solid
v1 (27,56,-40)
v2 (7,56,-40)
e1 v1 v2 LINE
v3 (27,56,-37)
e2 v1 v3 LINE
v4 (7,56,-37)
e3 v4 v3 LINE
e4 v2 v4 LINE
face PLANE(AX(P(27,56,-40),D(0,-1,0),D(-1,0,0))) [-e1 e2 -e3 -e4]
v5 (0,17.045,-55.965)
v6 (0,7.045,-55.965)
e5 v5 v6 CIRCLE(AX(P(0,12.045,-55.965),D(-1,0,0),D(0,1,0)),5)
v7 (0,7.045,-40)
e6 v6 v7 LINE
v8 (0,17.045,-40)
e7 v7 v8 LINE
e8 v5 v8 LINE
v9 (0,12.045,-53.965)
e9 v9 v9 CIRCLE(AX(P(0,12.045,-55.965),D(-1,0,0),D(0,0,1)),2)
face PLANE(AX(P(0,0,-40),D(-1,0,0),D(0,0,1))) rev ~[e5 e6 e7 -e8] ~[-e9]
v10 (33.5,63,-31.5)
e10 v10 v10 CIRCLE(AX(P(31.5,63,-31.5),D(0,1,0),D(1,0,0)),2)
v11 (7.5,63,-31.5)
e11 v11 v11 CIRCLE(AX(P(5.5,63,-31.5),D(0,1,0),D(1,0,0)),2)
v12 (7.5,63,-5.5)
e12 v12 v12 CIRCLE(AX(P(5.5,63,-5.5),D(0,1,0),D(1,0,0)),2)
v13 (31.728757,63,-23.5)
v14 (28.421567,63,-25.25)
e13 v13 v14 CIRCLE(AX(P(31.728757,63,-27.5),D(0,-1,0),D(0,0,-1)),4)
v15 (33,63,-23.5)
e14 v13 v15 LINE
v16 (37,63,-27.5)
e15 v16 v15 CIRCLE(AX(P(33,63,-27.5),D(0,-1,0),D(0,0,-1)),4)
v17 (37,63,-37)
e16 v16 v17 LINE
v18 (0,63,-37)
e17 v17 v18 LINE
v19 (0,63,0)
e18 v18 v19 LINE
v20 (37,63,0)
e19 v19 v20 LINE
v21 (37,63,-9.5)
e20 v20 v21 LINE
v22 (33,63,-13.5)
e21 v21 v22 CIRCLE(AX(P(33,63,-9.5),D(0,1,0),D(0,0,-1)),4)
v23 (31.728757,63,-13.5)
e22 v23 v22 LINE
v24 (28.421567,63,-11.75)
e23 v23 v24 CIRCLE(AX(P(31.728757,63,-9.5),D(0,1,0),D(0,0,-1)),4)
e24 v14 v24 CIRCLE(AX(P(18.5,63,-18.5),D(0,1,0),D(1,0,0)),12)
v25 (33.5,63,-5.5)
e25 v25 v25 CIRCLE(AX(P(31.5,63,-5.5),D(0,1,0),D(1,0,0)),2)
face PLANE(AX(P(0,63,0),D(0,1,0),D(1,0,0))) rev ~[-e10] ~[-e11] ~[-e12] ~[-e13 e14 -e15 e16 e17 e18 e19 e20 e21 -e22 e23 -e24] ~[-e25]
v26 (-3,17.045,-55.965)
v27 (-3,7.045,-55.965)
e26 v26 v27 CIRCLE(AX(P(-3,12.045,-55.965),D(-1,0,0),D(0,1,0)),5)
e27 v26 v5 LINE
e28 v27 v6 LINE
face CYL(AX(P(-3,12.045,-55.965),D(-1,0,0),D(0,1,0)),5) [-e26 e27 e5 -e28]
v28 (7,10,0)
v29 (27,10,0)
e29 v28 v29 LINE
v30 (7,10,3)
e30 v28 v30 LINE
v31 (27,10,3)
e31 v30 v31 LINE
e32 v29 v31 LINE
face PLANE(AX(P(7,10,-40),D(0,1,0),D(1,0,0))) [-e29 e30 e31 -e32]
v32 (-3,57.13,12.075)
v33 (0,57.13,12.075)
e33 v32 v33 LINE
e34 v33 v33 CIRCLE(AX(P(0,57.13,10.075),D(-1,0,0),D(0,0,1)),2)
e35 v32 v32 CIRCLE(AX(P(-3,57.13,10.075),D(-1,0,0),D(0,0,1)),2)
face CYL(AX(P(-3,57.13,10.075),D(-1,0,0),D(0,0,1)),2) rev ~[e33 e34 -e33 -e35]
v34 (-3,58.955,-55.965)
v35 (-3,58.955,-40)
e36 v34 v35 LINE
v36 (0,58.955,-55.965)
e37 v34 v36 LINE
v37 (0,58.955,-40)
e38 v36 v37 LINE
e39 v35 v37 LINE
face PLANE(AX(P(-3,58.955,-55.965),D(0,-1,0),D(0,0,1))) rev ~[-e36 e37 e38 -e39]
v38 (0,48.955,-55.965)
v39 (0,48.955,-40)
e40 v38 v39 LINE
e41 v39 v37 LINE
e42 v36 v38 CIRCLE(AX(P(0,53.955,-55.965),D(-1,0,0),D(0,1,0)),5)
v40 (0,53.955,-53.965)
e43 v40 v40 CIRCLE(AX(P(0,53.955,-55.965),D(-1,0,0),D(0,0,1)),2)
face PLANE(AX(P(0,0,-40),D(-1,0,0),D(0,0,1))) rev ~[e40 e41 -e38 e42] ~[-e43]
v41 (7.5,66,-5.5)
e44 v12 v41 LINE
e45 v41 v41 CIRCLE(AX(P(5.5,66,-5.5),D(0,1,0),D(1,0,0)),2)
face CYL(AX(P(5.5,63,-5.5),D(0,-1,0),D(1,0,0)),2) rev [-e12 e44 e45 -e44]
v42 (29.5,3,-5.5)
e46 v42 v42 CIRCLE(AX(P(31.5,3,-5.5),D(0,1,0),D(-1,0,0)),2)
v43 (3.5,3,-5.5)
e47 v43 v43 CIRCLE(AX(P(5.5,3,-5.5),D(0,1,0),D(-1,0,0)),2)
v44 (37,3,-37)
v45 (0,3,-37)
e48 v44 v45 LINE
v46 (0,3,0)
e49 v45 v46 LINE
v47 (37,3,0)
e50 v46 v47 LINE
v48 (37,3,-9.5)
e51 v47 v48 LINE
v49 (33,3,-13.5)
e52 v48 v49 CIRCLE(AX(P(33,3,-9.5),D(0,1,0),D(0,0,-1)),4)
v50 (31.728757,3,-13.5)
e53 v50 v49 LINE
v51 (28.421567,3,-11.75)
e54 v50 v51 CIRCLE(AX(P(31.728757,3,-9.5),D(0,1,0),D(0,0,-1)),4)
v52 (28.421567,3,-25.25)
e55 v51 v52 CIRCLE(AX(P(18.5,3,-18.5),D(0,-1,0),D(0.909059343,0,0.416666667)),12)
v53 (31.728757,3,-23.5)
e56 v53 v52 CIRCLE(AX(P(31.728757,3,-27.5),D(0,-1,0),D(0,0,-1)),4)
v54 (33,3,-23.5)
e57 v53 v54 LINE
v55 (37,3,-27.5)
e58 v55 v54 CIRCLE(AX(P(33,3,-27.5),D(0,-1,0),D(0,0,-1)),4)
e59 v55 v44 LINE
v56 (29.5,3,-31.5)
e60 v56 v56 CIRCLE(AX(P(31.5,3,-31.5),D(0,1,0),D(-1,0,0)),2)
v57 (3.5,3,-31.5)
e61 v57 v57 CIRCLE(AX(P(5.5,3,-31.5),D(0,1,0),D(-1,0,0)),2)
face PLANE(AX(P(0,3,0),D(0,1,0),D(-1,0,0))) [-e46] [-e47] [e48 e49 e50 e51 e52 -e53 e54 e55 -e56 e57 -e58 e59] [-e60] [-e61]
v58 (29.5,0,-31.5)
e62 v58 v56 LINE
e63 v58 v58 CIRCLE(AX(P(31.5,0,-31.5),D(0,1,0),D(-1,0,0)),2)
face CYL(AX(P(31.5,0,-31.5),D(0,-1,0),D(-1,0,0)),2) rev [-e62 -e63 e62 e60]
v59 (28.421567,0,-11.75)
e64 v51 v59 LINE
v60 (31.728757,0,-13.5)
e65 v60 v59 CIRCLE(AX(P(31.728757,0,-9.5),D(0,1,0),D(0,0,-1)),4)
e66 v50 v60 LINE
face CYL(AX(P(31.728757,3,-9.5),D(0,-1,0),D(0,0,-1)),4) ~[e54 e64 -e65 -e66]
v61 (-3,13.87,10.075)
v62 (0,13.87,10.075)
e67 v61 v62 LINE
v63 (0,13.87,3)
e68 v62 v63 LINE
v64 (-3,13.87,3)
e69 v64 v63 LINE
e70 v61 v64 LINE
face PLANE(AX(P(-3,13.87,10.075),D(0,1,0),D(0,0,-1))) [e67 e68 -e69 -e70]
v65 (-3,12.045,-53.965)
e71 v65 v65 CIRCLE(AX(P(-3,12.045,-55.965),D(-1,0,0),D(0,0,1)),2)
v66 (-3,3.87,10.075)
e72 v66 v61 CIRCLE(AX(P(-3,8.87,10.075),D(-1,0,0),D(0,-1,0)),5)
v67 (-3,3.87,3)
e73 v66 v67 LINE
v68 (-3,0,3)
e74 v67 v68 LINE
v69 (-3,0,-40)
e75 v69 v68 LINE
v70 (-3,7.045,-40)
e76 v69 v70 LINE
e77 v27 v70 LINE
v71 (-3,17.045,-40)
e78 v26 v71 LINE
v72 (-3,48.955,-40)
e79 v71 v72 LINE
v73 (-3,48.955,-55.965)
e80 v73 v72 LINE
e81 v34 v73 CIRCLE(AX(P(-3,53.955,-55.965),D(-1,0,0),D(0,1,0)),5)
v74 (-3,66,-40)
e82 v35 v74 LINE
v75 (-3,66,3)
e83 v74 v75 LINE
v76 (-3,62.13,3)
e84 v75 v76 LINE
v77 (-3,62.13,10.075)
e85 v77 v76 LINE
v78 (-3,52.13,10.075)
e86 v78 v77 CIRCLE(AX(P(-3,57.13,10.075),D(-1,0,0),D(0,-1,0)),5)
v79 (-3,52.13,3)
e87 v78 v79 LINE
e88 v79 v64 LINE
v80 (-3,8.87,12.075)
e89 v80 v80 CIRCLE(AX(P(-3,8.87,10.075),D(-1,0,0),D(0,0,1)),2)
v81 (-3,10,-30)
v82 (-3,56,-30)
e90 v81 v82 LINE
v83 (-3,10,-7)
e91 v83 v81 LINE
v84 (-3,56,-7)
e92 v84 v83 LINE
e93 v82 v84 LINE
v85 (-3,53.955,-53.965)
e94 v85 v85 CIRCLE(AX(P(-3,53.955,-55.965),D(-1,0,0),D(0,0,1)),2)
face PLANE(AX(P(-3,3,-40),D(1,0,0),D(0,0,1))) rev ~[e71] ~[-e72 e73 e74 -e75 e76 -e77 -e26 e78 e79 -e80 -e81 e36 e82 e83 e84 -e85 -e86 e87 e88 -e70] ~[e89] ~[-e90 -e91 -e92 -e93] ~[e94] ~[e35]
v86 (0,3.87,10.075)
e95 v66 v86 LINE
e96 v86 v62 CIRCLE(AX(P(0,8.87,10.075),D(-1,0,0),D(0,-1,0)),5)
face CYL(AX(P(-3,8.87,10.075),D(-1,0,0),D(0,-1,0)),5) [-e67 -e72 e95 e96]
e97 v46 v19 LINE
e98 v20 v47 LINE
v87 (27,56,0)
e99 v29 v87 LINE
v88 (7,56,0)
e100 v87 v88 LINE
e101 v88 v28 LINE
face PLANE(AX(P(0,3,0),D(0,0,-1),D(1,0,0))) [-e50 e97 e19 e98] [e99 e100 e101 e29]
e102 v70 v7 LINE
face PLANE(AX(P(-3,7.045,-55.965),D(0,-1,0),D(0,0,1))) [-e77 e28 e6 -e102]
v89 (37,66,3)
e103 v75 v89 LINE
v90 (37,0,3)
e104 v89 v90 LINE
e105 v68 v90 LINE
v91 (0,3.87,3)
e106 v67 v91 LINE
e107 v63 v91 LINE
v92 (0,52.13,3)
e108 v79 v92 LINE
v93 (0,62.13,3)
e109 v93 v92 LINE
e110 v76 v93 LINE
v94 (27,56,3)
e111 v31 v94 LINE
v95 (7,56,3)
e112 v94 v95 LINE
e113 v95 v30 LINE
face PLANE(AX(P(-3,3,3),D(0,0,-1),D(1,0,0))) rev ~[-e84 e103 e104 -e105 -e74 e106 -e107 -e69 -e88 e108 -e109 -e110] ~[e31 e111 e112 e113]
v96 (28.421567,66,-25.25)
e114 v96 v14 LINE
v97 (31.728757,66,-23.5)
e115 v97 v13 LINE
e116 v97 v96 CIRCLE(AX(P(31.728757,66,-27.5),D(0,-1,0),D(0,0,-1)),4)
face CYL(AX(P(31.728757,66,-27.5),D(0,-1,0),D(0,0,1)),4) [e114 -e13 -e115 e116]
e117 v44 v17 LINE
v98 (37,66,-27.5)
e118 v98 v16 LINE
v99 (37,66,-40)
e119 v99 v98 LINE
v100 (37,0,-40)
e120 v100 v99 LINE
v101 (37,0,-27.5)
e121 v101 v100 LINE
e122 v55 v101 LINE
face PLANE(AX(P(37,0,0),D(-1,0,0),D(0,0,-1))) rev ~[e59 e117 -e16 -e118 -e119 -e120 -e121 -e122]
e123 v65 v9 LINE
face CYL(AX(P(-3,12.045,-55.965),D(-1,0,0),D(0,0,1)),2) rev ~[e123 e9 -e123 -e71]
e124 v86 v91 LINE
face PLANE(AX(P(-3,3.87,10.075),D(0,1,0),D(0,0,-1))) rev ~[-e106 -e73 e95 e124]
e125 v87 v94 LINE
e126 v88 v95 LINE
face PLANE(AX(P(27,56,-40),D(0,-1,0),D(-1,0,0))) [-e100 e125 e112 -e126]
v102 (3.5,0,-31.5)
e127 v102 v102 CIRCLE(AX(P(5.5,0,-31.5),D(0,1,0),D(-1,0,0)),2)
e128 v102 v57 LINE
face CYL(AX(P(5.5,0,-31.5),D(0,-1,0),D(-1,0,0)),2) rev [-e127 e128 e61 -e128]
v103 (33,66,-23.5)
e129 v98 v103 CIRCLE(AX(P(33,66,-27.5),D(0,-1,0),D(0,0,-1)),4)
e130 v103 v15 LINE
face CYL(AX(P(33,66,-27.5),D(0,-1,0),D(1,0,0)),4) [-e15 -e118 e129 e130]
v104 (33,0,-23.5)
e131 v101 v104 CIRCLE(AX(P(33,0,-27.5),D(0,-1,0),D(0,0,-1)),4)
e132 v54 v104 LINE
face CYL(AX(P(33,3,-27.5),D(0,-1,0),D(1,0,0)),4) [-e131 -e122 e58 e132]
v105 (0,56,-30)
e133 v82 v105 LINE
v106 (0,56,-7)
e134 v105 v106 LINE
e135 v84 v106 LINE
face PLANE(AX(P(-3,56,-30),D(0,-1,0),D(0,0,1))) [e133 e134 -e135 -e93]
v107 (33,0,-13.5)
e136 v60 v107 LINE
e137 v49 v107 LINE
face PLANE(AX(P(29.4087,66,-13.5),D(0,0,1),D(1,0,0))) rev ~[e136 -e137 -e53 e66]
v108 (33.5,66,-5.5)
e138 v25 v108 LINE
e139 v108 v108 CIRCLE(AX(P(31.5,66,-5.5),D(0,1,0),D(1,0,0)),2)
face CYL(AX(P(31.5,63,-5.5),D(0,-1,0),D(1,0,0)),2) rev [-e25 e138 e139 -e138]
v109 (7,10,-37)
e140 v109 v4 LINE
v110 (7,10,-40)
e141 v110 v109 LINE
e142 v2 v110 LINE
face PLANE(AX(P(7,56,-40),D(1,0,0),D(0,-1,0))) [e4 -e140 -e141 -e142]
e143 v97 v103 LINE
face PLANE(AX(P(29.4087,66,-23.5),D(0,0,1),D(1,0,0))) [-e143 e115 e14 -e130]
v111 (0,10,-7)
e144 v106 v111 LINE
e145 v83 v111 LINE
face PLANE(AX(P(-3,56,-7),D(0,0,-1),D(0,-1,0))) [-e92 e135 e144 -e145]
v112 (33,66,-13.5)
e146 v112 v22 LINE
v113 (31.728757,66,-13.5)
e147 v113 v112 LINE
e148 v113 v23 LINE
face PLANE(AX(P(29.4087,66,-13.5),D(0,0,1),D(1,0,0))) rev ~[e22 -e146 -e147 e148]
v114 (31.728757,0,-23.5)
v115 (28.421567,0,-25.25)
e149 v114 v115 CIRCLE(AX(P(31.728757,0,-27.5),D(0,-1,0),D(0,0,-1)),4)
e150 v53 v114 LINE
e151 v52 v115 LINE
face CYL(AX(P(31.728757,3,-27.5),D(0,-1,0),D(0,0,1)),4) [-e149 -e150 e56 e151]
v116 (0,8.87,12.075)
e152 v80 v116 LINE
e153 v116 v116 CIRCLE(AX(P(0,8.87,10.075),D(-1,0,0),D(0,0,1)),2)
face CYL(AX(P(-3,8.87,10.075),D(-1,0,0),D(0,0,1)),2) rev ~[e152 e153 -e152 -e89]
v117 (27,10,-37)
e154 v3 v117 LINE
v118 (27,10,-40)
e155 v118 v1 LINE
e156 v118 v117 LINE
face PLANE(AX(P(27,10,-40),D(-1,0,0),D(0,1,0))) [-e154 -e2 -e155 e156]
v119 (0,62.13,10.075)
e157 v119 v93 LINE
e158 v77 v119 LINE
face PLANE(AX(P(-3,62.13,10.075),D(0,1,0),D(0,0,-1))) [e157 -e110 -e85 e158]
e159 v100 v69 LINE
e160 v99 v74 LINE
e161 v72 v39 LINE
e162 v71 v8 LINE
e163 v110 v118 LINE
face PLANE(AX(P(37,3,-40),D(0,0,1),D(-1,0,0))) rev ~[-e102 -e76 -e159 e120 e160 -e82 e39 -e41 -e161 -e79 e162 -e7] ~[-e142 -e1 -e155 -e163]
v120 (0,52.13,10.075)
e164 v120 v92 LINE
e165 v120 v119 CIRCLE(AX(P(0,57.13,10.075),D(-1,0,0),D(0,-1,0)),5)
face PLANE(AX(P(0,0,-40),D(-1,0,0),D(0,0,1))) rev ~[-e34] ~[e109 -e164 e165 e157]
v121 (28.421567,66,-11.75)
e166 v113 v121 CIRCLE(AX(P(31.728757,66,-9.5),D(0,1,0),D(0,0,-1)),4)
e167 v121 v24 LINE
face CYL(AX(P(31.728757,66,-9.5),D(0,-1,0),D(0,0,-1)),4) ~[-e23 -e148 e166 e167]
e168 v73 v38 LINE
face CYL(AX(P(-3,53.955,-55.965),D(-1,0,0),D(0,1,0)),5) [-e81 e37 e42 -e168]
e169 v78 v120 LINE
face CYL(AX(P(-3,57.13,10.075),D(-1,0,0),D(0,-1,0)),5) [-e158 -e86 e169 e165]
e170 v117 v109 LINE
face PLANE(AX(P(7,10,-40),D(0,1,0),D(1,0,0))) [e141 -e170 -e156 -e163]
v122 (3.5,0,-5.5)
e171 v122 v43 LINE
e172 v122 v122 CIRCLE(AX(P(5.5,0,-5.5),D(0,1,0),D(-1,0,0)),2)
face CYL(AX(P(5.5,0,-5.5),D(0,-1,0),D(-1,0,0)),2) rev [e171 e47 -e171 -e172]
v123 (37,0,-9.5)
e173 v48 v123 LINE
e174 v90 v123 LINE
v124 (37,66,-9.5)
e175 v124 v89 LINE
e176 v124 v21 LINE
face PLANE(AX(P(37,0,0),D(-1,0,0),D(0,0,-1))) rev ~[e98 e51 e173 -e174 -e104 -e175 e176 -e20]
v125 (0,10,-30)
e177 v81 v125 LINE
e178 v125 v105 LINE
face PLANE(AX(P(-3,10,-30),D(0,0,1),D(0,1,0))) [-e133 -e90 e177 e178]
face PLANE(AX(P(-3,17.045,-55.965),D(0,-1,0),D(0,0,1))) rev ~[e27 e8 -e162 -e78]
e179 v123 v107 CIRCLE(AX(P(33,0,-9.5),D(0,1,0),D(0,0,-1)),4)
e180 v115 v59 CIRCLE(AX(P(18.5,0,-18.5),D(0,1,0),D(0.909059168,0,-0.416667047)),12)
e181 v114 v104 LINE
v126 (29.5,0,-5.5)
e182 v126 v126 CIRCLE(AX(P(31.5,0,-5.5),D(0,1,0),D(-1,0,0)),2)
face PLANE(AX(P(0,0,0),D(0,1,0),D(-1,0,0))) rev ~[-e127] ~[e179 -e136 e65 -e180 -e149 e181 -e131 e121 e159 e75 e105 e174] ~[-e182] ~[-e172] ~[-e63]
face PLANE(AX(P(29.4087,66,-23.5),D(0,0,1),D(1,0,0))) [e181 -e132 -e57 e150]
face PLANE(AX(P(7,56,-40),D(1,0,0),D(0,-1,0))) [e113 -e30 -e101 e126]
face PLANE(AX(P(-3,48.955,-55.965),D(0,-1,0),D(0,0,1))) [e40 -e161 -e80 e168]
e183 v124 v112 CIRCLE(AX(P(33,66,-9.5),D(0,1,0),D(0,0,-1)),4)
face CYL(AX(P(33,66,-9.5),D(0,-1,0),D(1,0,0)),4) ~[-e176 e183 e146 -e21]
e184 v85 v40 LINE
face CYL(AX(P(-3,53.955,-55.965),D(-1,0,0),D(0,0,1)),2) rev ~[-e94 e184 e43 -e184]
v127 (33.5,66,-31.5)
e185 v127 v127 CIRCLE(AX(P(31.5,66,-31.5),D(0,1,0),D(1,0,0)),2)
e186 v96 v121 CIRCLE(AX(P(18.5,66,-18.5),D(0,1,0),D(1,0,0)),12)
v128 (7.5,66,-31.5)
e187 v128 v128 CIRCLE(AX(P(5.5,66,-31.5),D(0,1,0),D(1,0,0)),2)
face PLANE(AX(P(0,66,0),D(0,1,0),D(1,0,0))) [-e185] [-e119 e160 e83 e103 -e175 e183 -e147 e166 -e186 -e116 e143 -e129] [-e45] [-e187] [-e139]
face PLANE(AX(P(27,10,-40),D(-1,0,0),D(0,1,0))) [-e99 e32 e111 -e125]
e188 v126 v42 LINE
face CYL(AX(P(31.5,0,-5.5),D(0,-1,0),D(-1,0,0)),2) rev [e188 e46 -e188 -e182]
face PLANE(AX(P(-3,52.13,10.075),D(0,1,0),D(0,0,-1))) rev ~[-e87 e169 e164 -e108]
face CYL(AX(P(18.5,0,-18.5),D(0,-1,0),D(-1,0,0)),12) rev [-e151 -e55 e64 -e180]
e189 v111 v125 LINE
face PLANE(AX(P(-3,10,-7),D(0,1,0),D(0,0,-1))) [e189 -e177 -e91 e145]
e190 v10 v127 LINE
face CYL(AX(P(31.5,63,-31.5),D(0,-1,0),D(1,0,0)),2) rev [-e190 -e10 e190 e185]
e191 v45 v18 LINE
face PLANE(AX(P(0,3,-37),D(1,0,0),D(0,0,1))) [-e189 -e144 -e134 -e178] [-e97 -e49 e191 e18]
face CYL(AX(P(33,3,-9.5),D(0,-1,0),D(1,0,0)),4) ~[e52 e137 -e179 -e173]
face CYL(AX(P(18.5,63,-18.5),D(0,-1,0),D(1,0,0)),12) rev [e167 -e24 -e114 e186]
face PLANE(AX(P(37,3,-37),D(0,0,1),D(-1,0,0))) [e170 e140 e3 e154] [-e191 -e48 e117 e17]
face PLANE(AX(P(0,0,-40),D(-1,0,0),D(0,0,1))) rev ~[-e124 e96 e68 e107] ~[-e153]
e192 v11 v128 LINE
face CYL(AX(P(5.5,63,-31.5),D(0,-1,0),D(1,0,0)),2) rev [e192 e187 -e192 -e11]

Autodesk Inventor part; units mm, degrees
ref_plane "YZ Plane" through (0, 0, 0) normal (1, 0, 0) x (0, 1, 0)
ref_plane "XZ Plane" through (0, 0, 0) normal (0, 1, 0) x (-1, 0, 0)
ref_plane "XY Plane" through (0, 0, 0) normal (0, 0, 1) x (1, 0, 0)
sketch "Sketch1" plane through (0, 0, 0) normal (0, 1, 0) x (-1, 0, 0)
  line L0 (0, 0) -> (-37, 0)
  line L1 (-37, 0) -> (-37, -37)
  line L2 (-37, -37) -> (0, -37)
  line L3 (0, -37) -> (0, 0)
  circle A0 centre (-5.5, -5.5) radius 2
  circle A1 centre (-5.5, -31.5) radius 2
  circle A2 centre (-31.5, -5.5) radius 2
  circle A3 centre (-31.5, -31.5) radius 2
  circle A4 centre (-18.5, -18.5) radius 12
  dimension "d10" = 24
extrude "Extrusion1" add sketch "Sketch1" along normal blind 3
sketch "Sketch2" plane through (0, 3, 0) normal (0, 1, 0) x (1, 0, 0)
  circle A0 centre (18.5, 18.5) radius 12
  circle A1 centre (31.5, 31.5) radius 2
  circle A2 centre (31.5, 5.5) radius 2
  circle A3 centre (5.5, 31.5) radius 2
  circle A4 centre (5.5, 5.5) radius 2
  line L0 (0, 0) -> (37, 0)
  line L1 (37, 37) -> (0, 37)
  line L2 (0, 37) -> (0, 0)
  line L3 (-3, -3) -> (37, -3)
  line L4 (37, 40) -> (-3, 40)
  line L5 (-3, 40) -> (-3, -3)
  line L6 (37, -3) -> (37, 0)
  line L7 (37, 37) -> (37, 40)
  dimension "d13" = 3
extrude "Extrusion2" add sketch "Sketch2" along normal blind 60 and the other way blind 3 contours L0 L6 L3 L5 L4 L7 L1 L2
sketch "Sketch4" plane through (0, 63, 0) normal (0, 1, 0) x (1, 0, 0)
  circle A0 centre (18.5, 18.5) radius 12 projected
  circle A1 centre (31.5, 31.5) radius 2 projected
  circle A2 centre (31.5, 5.5) radius 2 projected
  circle A3 centre (5.5, 31.5) radius 2 projected
  circle A4 centre (5.5, 5.5) radius 2 projected
  line L0 (0, 0) -> (37, 0) projected
  line L1 (37, 0) -> (37, 37) projected
  line L2 (37, 37) -> (0, 37) projected
  line L3 (0, 37) -> (0, 0) projected
  line L4 (37, 0) -> (0, 0) projected
  line L5 (0, 0) -> (0, 37) projected
  line L6 (0, 37) -> (37, 37) projected
  line L7 (37, 37) -> (37, 40) projected
  line L8 (37, 40) -> (-3, 40) projected
  line L9 (-3, 40) -> (-3, -3) projected
  line L10 (-3, -3) -> (37, -3) projected
  line L11 (37, -3) -> (37, 0) projected
extrude "Extrusion3" add sketch "Sketch4" along normal blind 3
sketch "Sketch5" plane through (0, 66, 0) normal (0, 1, 0) x (1, 0, 0)
  arc A0 (29.4087, 13.5) -> (29.4087, 23.5) centre (18.5, 18.5) ccw
  circle A1 centre (5.5, 5.5) radius 2
  circle A2 centre (5.5, 31.5) radius 2
  circle A3 centre (31.5, 5.5) radius 2
  circle A4 centre (31.5, 31.5) radius 2
  line L0 (37, 13.5) -> (37, 23.5)
  line L1 (37, 40) -> (-3, 40)
  line L2 (-3, 40) -> (-3, -3)
  line L3 (-3, -3) -> (37, -3)
  arc A5 (29.4087, 13.5) -> (29.4087, 23.5) centre (18.5, 18.5) ccw
  line L4 (37, 23.5) -> (37, 13.5)
  line L5 (29.4087, 23.5) -> (37, 23.5)
  line L6 (29.4087, 13.5) -> (37, 13.5)
  point P0 (0, 0)
extrude "Extrusion4" cut sketch "Sketch5" against normal up to surface (66 mm away) contours A0 L5 L0 L6
fillet "Fillet1" radius 4 8 edges at (29.4087, 64.5, -13.5) (37, 64.5, -13.5) (37, 64.5, -23.5) (29.4087, 64.5, -23.5) (37, 1.5, -13.5) (29.4087, 1.5, -13.5) (37, 1.5, -23.5) (29.4087, 1.5, -23.5)
sketch "Sketch7" plane through (37, 0, -40) normal (0, 0, -1) x (-1, 0, 0)
  line L0 (40, 66) -> (40, 0) projected
  line L1 (0, 66) -> (40, 66) projected
  line L2 (0, 66) -> (0, 0) projected
  line L3 (40, 0) -> (0, 0) projected
  line L4 (30, 56) -> (30, 10)
  line L5 (30, 10) -> (10, 10)
  line L6 (10, 10) -> (10, 56)
  line L7 (10, 56) -> (30, 56)
  point P0 (37, 0)
  dimension "d26" = 10
extrude "Extrusion5" cut sketch "Sketch7" against normal up to surface (43 mm away) contours L4 L5 L6 L7
sketch "Sketch8" plane through (-3, 0, -40) normal (-1, 0, 0) x (0, 0, 1)
  line L0 (43, 66) -> (43, 0) projected
  line L1 (0, 66) -> (43, 66) projected
  line L2 (0, 66) -> (0, 0) projected
  line L3 (43, 0) -> (0, 0) projected
  line L4 (33, 56) -> (33, 10)
  line L5 (33, 10) -> (10, 10)
  line L6 (10, 10) -> (10, 56)
  line L7 (10, 56) -> (33, 56)
  point P0 (40, 0)
  dimension "d29" = 10
extrude "Extrusion6" cut sketch "Sketch8" against normal blind 3 contours L4 L5 L6 L7
sketch "Sketch9" plane through (-3, 0, -40) normal (-1, 0, 0) x (0, 0, 1)
  line L0 (10, 56) -> (33, 56)
  line L1 (33, 56) -> (33, 10)
  line L2 (33, 10) -> (10, 10)
  line L3 (10, 10) -> (10, 56)
  line L4 (0, 66) -> (43, 66)
  line L5 (43, 0) -> (0, 0)
  line L6 (0, 66) -> (43, 66) projected
  circle A0 centre (50.075, 8.87) radius 2
  circle A1 centre (-15.965, 12.045) radius 2
  circle A2 centre (50.075, 57.13) radius 2
  circle A3 centre (-15.965, 53.955) radius 2
  arc A4 (50.075, 3.87) -> (50.075, 13.87) centre (50.075, 8.87) ccw
  arc A5 (50.075, 52.13) -> (50.075, 62.13) centre (50.075, 57.13) ccw
  arc A6 (-15.965, 17.045) -> (-15.965, 7.045) centre (-15.965, 12.045) ccw
  arc A7 (-15.965, 58.955) -> (-15.965, 48.955) centre (-15.965, 53.955) ccw
  line L7 (50.075, 3.87) -> (43, 3.87)
  line L8 (50.075, 13.87) -> (43, 13.87)
  line L9 (50.075, 62.13) -> (43, 62.13)
  line L10 (50.075, 52.13) -> (43, 52.13)
  line L11 (-15.965, 7.045) -> (0, 7.045)
  line L12 (-15.965, 17.045) -> (0, 17.045)
  line L13 (-15.965, 48.955) -> (0, 48.955)
  line L14 (0, 56) -> (0, 10) projected
  line L15 (-15.965, 58.955) -> (0, 58.955)
  line L16 (0, 66) -> (0, 0) projected
  line L17 (0, 58.955) -> (0, 48.955)
  line L18 (0, 17.045) -> (0, 7.045)
  line L19 (43, 62.13) -> (43, 52.13)
  line L20 (43, 13.87) -> (43, 3.87)
  point P0 (40, 0)
  dimension "d53" = 10
extrude "Extrusion7" add sketch "Sketch9" against normal blind 3 contours L7 L20 L8 A4 | L10 L19 L9 A5 | L12 L14 L16 L11 A6 | L13 A7 L15 L16 L14
properties part number "14HM11 Chassis"
